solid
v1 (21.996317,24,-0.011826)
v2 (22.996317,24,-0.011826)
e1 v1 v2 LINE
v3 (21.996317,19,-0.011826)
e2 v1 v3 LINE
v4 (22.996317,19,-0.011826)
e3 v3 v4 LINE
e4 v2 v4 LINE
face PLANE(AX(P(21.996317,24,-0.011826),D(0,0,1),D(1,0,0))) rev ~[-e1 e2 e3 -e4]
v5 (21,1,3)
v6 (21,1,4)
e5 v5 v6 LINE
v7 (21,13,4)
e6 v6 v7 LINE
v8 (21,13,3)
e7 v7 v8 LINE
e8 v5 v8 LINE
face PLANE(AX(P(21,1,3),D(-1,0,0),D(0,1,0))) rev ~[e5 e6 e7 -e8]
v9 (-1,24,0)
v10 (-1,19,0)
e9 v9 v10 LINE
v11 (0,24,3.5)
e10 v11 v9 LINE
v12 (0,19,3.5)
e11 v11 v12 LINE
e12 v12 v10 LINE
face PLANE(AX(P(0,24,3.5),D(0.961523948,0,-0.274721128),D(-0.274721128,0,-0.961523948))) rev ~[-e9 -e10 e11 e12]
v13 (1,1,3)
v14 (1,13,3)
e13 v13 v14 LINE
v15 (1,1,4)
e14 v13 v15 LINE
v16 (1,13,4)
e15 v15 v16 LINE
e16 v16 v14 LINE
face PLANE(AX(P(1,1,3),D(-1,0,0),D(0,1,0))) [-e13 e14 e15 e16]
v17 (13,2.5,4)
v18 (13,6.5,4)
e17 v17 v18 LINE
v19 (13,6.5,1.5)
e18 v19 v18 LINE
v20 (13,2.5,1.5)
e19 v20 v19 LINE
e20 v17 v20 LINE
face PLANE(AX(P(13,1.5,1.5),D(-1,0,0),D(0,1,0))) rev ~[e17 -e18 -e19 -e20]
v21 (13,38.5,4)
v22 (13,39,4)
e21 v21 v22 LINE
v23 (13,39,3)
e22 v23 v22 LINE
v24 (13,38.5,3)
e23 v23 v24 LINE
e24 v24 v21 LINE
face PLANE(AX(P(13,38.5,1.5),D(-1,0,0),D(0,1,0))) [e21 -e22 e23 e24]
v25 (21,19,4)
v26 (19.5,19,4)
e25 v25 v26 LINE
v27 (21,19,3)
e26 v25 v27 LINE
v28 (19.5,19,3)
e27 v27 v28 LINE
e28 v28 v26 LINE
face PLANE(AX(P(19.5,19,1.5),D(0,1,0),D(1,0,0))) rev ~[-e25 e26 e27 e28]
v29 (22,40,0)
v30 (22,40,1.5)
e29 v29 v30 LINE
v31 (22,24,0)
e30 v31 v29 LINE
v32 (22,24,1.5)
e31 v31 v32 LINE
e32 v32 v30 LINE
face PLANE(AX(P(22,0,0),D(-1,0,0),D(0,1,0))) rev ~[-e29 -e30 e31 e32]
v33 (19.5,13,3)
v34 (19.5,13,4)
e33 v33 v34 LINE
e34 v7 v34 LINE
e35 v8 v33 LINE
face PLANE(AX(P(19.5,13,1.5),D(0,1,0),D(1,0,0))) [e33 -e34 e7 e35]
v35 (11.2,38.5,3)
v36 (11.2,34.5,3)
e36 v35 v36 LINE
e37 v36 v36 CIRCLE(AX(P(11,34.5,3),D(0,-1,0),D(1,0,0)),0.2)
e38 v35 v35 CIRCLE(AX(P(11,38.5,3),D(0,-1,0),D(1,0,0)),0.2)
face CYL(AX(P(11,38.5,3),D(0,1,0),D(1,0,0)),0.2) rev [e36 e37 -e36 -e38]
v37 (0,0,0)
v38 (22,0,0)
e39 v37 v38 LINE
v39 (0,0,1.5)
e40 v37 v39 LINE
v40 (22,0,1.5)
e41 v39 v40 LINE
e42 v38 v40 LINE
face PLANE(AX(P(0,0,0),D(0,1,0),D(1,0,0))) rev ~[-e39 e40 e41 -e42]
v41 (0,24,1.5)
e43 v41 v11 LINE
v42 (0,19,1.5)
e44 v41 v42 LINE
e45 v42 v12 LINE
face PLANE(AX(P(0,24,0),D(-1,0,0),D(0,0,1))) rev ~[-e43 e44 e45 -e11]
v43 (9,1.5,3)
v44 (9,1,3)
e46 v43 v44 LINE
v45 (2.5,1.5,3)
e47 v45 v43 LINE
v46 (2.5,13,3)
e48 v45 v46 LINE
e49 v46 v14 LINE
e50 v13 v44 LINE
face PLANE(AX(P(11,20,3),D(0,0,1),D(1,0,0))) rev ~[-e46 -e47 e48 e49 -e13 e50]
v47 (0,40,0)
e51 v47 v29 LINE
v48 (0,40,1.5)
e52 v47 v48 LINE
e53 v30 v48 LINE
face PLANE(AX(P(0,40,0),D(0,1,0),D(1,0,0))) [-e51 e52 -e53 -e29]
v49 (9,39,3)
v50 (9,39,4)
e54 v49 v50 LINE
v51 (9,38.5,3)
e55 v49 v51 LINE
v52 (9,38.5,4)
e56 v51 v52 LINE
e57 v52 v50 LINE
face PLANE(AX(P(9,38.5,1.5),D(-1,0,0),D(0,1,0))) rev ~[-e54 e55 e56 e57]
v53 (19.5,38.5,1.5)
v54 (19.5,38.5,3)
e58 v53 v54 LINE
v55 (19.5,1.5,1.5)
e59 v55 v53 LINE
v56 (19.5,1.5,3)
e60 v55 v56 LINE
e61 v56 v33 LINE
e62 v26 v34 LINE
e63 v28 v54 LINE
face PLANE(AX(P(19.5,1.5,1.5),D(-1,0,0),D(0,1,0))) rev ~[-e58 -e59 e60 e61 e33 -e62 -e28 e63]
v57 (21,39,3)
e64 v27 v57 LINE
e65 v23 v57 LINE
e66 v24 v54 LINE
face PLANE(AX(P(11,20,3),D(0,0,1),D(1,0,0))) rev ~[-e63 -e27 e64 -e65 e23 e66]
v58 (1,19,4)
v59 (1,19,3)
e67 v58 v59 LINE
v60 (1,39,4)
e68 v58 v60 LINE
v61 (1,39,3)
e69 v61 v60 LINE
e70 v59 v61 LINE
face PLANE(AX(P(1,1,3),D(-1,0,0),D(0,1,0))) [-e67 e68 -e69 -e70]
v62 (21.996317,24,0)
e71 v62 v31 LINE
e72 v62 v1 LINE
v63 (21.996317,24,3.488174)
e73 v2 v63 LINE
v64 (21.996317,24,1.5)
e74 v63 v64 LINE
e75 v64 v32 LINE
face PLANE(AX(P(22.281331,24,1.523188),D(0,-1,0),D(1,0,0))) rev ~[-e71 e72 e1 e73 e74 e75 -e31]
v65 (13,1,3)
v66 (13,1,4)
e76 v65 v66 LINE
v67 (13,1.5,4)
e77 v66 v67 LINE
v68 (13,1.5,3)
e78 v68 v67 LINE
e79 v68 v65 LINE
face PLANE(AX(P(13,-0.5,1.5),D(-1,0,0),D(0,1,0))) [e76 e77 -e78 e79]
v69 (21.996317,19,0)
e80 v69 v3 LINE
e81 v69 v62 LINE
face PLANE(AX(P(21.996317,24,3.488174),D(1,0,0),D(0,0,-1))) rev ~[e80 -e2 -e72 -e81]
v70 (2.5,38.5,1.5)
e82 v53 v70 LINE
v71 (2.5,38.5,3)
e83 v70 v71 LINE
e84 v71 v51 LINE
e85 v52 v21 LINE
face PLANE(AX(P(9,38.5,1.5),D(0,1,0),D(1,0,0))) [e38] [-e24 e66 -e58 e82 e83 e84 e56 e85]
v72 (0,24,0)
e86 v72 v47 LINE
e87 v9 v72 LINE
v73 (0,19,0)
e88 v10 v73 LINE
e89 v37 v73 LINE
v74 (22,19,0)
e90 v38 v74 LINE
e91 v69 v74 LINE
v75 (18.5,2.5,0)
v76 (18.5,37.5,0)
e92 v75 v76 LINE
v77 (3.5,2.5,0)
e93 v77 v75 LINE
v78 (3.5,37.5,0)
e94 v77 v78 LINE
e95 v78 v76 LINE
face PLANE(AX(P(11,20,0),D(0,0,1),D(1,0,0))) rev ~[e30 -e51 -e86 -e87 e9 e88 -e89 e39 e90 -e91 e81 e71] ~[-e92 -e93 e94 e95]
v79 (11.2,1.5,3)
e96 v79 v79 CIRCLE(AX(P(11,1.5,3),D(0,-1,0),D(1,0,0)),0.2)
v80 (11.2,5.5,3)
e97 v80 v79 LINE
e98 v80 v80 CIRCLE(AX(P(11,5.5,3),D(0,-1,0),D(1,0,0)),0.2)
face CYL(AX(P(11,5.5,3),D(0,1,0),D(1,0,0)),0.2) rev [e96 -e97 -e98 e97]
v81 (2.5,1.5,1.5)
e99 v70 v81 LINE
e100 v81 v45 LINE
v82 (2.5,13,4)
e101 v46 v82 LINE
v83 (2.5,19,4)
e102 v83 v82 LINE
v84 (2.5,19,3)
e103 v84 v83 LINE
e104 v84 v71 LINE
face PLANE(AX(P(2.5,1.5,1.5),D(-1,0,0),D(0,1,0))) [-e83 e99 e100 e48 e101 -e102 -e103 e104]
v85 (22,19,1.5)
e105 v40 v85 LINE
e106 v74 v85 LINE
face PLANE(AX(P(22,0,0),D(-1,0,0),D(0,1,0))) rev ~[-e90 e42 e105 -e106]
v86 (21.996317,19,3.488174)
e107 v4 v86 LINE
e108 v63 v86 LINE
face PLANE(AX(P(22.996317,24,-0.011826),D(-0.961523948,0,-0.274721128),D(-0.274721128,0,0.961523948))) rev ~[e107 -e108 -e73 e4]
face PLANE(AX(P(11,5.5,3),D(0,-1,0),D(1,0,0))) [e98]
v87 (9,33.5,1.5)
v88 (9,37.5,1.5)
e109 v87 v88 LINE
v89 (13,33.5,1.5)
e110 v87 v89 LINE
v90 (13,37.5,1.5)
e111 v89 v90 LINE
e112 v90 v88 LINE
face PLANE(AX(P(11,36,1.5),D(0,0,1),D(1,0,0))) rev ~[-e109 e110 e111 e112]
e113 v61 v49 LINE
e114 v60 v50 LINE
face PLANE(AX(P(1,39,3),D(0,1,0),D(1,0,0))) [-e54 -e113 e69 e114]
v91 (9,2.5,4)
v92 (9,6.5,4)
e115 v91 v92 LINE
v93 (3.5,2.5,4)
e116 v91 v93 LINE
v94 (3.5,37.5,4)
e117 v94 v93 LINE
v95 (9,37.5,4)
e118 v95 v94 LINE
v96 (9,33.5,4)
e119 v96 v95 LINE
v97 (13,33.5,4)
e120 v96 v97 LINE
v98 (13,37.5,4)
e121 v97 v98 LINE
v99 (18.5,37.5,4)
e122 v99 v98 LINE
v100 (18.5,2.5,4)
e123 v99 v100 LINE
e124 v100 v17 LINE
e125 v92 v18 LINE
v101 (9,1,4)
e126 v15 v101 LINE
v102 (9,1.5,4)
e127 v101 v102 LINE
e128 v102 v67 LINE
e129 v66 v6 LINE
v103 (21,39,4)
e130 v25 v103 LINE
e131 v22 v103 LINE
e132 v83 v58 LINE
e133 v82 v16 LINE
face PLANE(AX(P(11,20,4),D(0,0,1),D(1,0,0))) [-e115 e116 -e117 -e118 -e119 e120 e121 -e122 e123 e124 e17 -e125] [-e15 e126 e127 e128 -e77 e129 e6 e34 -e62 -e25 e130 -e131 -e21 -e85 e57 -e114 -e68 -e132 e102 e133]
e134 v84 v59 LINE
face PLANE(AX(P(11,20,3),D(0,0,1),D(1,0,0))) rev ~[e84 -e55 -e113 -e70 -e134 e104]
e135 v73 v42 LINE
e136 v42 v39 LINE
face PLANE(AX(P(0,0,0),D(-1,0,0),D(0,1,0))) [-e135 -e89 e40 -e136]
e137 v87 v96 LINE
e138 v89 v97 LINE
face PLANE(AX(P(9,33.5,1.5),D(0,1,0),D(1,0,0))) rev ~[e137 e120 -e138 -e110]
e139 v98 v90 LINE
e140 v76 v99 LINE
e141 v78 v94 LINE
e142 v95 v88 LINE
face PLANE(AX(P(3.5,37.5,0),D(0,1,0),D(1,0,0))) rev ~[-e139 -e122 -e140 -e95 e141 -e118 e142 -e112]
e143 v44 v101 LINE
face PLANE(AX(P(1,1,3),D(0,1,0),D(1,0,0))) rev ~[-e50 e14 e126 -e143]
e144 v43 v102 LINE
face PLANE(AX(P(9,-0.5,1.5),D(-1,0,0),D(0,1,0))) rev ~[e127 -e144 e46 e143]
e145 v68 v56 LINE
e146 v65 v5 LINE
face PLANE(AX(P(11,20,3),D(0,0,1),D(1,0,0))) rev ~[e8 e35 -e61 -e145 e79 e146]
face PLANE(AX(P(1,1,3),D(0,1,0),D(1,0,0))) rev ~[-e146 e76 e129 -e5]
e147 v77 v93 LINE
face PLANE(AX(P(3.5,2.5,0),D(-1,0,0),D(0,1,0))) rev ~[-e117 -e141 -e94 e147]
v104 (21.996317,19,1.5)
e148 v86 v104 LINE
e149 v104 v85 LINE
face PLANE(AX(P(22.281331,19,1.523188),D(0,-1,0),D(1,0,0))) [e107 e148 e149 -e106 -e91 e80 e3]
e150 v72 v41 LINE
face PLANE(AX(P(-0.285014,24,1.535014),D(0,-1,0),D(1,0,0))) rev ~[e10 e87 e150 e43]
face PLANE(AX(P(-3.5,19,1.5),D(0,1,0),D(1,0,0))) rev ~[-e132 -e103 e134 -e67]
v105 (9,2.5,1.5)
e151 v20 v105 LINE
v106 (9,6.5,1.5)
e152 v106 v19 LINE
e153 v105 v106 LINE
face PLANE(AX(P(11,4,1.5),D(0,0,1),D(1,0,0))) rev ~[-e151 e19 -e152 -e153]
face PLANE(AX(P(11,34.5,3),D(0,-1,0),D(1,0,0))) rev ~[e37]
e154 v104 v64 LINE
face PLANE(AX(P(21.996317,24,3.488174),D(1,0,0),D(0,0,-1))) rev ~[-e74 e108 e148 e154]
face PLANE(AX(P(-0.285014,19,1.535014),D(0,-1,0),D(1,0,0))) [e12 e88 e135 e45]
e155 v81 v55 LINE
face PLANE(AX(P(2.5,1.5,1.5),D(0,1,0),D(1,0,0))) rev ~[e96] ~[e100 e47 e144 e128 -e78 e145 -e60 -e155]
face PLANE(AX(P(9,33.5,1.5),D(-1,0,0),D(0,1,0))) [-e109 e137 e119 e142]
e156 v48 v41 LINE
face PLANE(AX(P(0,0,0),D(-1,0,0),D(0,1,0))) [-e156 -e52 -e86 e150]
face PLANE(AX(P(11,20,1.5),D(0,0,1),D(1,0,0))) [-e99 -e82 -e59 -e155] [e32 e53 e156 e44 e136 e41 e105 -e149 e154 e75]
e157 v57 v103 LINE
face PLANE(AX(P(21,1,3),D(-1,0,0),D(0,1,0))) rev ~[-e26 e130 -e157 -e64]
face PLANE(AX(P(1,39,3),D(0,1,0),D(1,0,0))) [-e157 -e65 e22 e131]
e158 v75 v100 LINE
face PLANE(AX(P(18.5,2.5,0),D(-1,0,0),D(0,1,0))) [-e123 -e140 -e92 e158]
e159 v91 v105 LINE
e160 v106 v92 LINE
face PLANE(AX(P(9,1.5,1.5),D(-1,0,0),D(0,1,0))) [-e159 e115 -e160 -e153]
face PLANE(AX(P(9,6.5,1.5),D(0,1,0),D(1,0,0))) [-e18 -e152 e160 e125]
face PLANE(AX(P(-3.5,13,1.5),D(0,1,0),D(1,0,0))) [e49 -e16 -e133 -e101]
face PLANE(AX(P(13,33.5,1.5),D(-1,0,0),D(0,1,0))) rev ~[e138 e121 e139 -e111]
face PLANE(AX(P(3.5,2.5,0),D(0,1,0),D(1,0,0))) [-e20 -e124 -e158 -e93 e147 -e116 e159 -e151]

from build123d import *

# Parameters (mm, degrees)
CYLINDER_R             = 0.2
CYLINDER_DEPTH         = 4
CYLINDER_ROLL_ANGLE    = 90
CYLINDER001_R          = 0.2
CYLINDER001_DEPTH      = 4
CYLINDER001_ROLL_ANGLE = 90
BOX010_W               = 4
BOX010_H               = 2
BOX010_DEPTH           = 2.5
BOX011_W               = 4
BOX011_H               = 2
BOX011_DEPTH           = 2.5
BOX007_W               = 6
BOX007_H               = 6
BOX007_DEPTH           = 5
BOX006_W               = 6
BOX006_H               = 6
BOX006_DEPTH           = 5
BOX001_W               = 15
BOX001_H               = 35
BOX001_DEPTH           = 10
BOX004_W               = 17
BOX004_H               = 37
BOX004_DEPTH           = 2.5
BOX005_W               = 20
BOX005_H               = 38
BOX005_DEPTH           = 1
BOX_W                  = 22
BOX_H                  = 40
BOX_DEPTH              = 1.5
PAD_DEPTH              = 5
PAD001_DEPTH           = 5
BOX008_W               = 4
BOX008_H               = 5
BOX008_DEPTH           = 2.5
BOX009_W               = 4
BOX009_H               = 5
BOX009_DEPTH           = 2.5


with BuildPart() as m3_hole1:
    # Cylinder → Cylinder (new body)
    with BuildSketch(Plane.XY):
        Circle(CYLINDER_R)
    extrude(amount=CYLINDER_DEPTH)


with BuildPart() as m3_hole1_1:
    # Cylinder roll: moved
    add(m3_hole1.part.rotate(Axis((0, 0, 0), (1, 0, 0)), CYLINDER_ROLL_ANGLE))


with BuildPart() as m3_hole1_2:
    # Cylinder placement: moved
    add(m3_hole1_1.part.moved(Location((11, 5.5, 3))))


with BuildPart() as screw_holes:
    # Cylinder001 → Cylinder001 (new body)
    with BuildSketch(Plane.XY):
        Circle(CYLINDER001_R)
    extrude(amount=CYLINDER001_DEPTH)


with BuildPart() as screw_holes_1:
    # Cylinder001 roll: moved
    add(screw_holes.part.rotate(Axis((0, 0, 0), (1, 0, 0)), CYLINDER001_ROLL_ANGLE))


with BuildPart() as screw_holes_2:
    # Cylinder001 placement: moved
    add(screw_holes_1.part.moved(Location((11, 38.5, 3))))

    # Fusion003: union M3 hole1
    add(m3_hole1_2.part)


with BuildPart() as remove:
    # Box010 → Box010 (new body)
    with BuildSketch(Plane(origin=(9, -0.5, 1.5), x_dir=(1, 0, 0), z_dir=(0, 0, 1))):
        with Locations((2, 1)):
            Rectangle(BOX010_W, BOX010_H)
    extrude(amount=BOX010_DEPTH)


with BuildPart() as fusion004:
    # Box011 → Box011 (new body)
    with BuildSketch(Plane(origin=(9, 38.5, 1.5), x_dir=(1, 0, 0), z_dir=(0, 0, 1))):
        with Locations((2, 1)):
            Rectangle(BOX011_W, BOX011_H)
    extrude(amount=BOX011_DEPTH)

    # Fusion004: union remove
    add(remove.part)


with BuildPart() as space001:
    # Box007 → Box007 (new body)
    with BuildSketch(Plane(origin=(19.5, 13, 1.5), x_dir=(1, 0, 0), z_dir=(0, 0, 1))):
        with Locations((3, 3)):
            Rectangle(BOX007_W, BOX007_H)
    extrude(amount=BOX007_DEPTH)


with BuildPart() as fusion001:
    # Box006 → Box006 (new body)
    with BuildSketch(Plane(origin=(-3.5, 13, 1.5), x_dir=(1, 0, 0), z_dir=(0, 0, 1))):
        with Locations((3, 3)):
            Rectangle(BOX006_W, BOX006_H)
    extrude(amount=BOX006_DEPTH)

    # Fusion001: union space001
    add(space001.part)


with BuildPart() as inner_space:
    # Box001 → Box001 (new body)
    with BuildSketch(Plane(origin=(3.5, 2.5, 0), x_dir=(1, 0, 0), z_dir=(0, 0, 1))):
        with Locations((7.5, 17.5)):
            Rectangle(BOX001_W, BOX001_H)
    extrude(amount=BOX001_DEPTH)


with BuildPart() as track_inner:
    # Box004 → Box004 (new body)
    with BuildSketch(Plane(origin=(2.5, 1.5, 1.5), x_dir=(1, 0, 0), z_dir=(0, 0, 1))):
        with Locations((8.5, 18.5)):
            Rectangle(BOX004_W, BOX004_H)
    extrude(amount=BOX004_DEPTH)


with BuildPart() as track_outer:
    # Box005 → Box005 (new body)
    with BuildSketch(Plane(origin=(1, 1, 3), x_dir=(1, 0, 0), z_dir=(0, 0, 1))):
        with Locations((10, 19)):
            Rectangle(BOX005_W, BOX005_H)
    extrude(amount=BOX005_DEPTH)


with BuildPart() as cut002:
    # Box → Box (new body)
    with BuildSketch(Plane.XY):
        with Locations((11, 20)):
            Rectangle(BOX_W, BOX_H)
    extrude(amount=BOX_DEPTH)

    # Fusion: union track_inner, track_outer
    add(track_inner.part)
    add(track_outer.part)

    # Cut: cut inner space
    add(inner_space.part, mode=Mode.SUBTRACT)

    # Cut001: cut Fusion001
    add(fusion001.part, mode=Mode.SUBTRACT)

    # Cut002: cut Fusion004
    add(fusion004.part, mode=Mode.SUBTRACT)


with BuildPart() as pad:
    # Sketch → Pad (new body)
    with BuildSketch(Plane.XZ.offset(-21)):
        Polygon((0, 0), (0, 3.5), (-1, 0), align=None)
    extrude(amount=PAD_DEPTH)


with BuildPart() as slide_control:
    # Sketch001 → Pad001 (new body)
    with BuildSketch(Plane.XZ.offset(-21)):
        Polygon((21.996317, 3.488174), (21.996317, -0.011826), (22.996317, -0.011826), align=None)
    extrude(amount=PAD001_DEPTH)

    # Fusion005: union Pad
    add(pad.part)


with BuildPart() as slide_control_1:
    # Fusion005 placement: moved
    add(slide_control.part.moved(Location((0, 3, 0))))


with BuildPart() as screw_block1:
    # Box008 → Box008 (new body)
    with BuildSketch(Plane(origin=(9, 1.5, 1.5), x_dir=(1, 0, 0), z_dir=(0, 0, 1))):
        with Locations((2, 2.5)):
            Rectangle(BOX008_W, BOX008_H)
    extrude(amount=BOX008_DEPTH)


with BuildPart() as basesensormount:
    # Box009 → Box009 (new body)
    with BuildSketch(Plane(origin=(9, 33.5, 1.5), x_dir=(1, 0, 0), z_dir=(0, 0, 1))):
        with Locations((2, 2.5)):
            Rectangle(BOX009_W, BOX009_H)
    extrude(amount=BOX009_DEPTH)

    # Fusion002: union screw block1
    add(screw_block1.part)

    # Fusion006: union Cut002, slide control
    add(cut002.part)
    add(slide_control_1.part)

    # Cut003: cut screw holes
    add(screw_holes_2.part, mode=Mode.SUBTRACT)


solid = basesensormount.part
